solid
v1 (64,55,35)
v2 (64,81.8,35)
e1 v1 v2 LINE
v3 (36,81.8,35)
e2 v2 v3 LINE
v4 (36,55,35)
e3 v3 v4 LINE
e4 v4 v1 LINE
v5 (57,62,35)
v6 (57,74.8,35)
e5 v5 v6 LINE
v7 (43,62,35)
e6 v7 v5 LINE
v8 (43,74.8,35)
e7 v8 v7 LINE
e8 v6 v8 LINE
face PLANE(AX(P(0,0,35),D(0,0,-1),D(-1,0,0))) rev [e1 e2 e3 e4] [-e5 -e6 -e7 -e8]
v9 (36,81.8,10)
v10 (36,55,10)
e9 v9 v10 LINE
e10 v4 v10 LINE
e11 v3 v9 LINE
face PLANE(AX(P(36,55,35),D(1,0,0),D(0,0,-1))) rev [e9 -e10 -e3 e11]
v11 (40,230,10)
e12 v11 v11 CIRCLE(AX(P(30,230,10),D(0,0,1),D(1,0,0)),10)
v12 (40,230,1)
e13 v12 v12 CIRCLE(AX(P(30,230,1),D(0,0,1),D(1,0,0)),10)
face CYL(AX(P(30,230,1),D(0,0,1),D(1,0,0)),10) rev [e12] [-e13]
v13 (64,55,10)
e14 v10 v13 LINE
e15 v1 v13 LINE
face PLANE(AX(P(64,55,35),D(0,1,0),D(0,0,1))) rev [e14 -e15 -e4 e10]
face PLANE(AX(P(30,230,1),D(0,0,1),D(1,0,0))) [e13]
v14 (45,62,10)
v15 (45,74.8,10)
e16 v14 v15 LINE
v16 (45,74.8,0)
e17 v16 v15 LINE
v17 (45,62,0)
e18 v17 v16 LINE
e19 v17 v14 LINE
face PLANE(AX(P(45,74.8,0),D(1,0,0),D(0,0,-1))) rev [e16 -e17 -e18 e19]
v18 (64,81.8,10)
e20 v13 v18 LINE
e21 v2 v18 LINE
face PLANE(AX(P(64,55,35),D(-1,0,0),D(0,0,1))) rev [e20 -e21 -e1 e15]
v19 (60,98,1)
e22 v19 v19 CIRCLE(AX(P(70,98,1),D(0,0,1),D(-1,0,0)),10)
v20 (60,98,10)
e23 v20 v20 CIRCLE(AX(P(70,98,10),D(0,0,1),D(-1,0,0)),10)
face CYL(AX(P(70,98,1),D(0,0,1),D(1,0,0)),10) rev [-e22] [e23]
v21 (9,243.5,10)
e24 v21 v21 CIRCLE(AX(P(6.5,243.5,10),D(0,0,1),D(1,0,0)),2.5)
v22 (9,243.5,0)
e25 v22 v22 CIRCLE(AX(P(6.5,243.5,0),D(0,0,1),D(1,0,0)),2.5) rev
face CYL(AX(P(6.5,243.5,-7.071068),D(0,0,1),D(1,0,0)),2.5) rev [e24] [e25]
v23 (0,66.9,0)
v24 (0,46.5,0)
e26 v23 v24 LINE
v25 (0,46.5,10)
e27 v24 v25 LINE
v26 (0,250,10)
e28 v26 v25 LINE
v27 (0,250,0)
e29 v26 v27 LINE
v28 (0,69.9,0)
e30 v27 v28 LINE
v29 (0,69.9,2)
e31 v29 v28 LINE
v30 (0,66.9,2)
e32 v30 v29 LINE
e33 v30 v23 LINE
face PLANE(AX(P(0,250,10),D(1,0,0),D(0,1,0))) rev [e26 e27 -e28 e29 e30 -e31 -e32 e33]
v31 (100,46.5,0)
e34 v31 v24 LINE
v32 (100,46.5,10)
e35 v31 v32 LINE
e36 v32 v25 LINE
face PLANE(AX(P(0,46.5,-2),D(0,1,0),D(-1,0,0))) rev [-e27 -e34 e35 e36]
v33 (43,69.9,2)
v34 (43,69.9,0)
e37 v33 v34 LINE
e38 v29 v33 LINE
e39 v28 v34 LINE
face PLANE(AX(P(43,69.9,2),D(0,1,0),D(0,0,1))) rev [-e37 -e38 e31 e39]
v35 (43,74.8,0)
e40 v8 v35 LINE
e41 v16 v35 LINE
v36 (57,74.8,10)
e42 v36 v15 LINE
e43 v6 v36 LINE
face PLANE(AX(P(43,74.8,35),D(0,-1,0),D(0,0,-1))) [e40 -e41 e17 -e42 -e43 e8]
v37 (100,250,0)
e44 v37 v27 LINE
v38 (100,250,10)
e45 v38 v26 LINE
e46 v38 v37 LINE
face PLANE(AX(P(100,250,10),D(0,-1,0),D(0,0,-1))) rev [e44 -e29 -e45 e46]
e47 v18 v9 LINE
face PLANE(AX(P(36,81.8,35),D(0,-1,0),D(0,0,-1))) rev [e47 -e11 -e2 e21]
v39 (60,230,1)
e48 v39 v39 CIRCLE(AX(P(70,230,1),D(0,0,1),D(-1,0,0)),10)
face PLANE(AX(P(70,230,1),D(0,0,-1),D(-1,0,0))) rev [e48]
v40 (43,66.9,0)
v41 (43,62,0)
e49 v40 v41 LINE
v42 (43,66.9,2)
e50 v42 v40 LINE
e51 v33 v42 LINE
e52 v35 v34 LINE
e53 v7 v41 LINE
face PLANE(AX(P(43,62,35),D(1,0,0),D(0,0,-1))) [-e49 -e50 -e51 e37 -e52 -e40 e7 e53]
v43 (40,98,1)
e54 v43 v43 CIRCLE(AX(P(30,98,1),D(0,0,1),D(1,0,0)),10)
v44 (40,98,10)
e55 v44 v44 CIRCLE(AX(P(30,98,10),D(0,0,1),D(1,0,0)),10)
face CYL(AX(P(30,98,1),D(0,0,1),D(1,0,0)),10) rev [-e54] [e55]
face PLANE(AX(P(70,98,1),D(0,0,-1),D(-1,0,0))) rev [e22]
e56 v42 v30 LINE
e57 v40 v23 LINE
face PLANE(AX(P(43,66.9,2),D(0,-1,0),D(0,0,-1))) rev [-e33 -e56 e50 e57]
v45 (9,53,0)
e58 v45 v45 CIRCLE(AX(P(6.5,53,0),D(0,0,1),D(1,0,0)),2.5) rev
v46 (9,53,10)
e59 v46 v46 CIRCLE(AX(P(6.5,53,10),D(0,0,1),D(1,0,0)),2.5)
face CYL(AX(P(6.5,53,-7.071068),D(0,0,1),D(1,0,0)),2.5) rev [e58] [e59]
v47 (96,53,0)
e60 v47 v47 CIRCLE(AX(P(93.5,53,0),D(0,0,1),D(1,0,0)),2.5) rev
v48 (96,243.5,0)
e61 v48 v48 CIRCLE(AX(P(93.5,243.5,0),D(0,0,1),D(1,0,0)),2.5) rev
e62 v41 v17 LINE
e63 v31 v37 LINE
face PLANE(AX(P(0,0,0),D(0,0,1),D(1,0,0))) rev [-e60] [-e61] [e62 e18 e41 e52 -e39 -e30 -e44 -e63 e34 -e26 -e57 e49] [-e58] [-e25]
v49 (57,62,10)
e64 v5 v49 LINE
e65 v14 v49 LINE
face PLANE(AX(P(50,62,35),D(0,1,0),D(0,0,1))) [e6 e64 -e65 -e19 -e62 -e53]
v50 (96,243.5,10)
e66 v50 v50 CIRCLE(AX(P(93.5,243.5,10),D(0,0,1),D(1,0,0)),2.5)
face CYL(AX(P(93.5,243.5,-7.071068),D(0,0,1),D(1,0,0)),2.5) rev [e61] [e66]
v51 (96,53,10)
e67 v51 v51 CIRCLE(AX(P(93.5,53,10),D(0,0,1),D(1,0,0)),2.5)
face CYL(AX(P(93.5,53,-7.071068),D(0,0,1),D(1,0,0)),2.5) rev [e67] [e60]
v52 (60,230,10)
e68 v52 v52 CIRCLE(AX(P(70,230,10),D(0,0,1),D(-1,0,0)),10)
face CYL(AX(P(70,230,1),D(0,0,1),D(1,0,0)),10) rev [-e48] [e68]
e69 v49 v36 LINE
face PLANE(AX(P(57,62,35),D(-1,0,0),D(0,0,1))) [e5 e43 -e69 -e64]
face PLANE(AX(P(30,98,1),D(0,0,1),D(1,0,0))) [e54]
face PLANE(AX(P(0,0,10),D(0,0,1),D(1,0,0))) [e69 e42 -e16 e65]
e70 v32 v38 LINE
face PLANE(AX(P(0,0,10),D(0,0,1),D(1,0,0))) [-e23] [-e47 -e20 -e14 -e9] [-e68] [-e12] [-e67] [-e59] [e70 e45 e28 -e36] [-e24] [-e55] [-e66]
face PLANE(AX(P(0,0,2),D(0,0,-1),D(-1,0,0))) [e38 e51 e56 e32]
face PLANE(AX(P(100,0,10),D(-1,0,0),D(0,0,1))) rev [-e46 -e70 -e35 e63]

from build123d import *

# Parameters (mm, degrees)
ESBO_O1_W                = 100
ESBO_O1_H                = 250
RESSALTO_EXTRUS_O1_DEPTH = 10
ESBO_O7_R                = 10
CORTE_EXTRUS_O6_DEPTH    = 9
ESBO_O2_W                = 28
ESBO_O2_H                = 26.8
RESSALTO_EXTRUS_O3_DEPTH = 25
ESBO_O8_W                = 2
ESBO_O8_H                = 12.8
CORTE_EXTRUS_O7_DEPTH    = 10
ESBO_O9_W                = 43
ESBO_O9_H                = 3
CORTE_EXTRUS_O8_DEPTH    = 2
ESBO_O10_W               = 100
ESBO_O10_H               = 46.5
CORTE_EXTRUS_O9_DEPTH    = 12
SKETCH1_R                = 2.5
CUT_EXTRUDE1_DEPTH       = 10


with BuildPart() as part:
    # Esboço1 → Ressalto-extrusão1 (new body)
    with BuildSketch(Plane.XY):
        with Locations((50, 125)):
            Rectangle(ESBO_O1_W, ESBO_O1_H)
    extrude(amount=RESSALTO_EXTRUS_O1_DEPTH)

    # Esboço7 → Corte-extrusão6 (cut)
    with BuildSketch(Plane.XY.offset(10)):
        with Locations((30, 98)):
            Circle(ESBO_O7_R)
        with Locations((30, 230)):
            Circle(ESBO_O7_R)
        with Locations(Location((70, 230, 0), (0, 0, 180))):
            Circle(ESBO_O7_R)
        with Locations(Location((70, 98, 0), (0, 0, 180))):
            Circle(ESBO_O7_R)
    extrude(amount=-CORTE_EXTRUS_O6_DEPTH, mode=Mode.SUBTRACT)

    # Esboço2 → Ressalto-extrusão3 (add)
    with BuildSketch(Plane.XY.offset(10)):
        with Locations((50, 68.4)):
            Rectangle(ESBO_O2_W, ESBO_O2_H)
        Polygon((50, 62), (43, 62), (43, 74.8), (57, 74.8), (57, 62), align=None, mode=Mode.SUBTRACT)
    extrude(amount=RESSALTO_EXTRUS_O3_DEPTH)

    # Esboço8 → Corte-extrusão7 (cut)
    with BuildSketch(Plane.XY.offset(10)):
        with Locations((44, 68.4)):
            Rectangle(ESBO_O8_W, ESBO_O8_H)
    extrude(amount=-CORTE_EXTRUS_O7_DEPTH, mode=Mode.SUBTRACT)

    # Esboço9 → Corte-extrusão8 (cut)
    with BuildSketch(Plane(origin=(0, 0, 0), x_dir=(-1, 0, 0), z_dir=(0, 0, -1))):
        with Locations((-21.5, 68.4)):
            Rectangle(ESBO_O9_W, ESBO_O9_H)
    extrude(amount=-CORTE_EXTRUS_O8_DEPTH, mode=Mode.SUBTRACT)

    # Esboço10 → Corte-extrusão9 (cut)
    with BuildSketch(Plane.XY.offset(10)):
        with Locations((50, 23.25)):
            Rectangle(ESBO_O10_W, ESBO_O10_H)
    extrude(amount=-CORTE_EXTRUS_O9_DEPTH, mode=Mode.SUBTRACT)

    # Sketch1 → Cut-Extrude1 (cut)
    with BuildSketch(Plane.XY.offset(10)):
        with Locations((6.5, 243.5)):
            Circle(SKETCH1_R)
        with Locations((93.5, 243.5)):
            Circle(SKETCH1_R)
        with Locations((6.5, 53)):
            Circle(SKETCH1_R)
        with Locations((93.5, 53)):
            Circle(SKETCH1_R)
    extrude(amount=-CUT_EXTRUDE1_DEPTH, mode=Mode.SUBTRACT)


solid = part.part
